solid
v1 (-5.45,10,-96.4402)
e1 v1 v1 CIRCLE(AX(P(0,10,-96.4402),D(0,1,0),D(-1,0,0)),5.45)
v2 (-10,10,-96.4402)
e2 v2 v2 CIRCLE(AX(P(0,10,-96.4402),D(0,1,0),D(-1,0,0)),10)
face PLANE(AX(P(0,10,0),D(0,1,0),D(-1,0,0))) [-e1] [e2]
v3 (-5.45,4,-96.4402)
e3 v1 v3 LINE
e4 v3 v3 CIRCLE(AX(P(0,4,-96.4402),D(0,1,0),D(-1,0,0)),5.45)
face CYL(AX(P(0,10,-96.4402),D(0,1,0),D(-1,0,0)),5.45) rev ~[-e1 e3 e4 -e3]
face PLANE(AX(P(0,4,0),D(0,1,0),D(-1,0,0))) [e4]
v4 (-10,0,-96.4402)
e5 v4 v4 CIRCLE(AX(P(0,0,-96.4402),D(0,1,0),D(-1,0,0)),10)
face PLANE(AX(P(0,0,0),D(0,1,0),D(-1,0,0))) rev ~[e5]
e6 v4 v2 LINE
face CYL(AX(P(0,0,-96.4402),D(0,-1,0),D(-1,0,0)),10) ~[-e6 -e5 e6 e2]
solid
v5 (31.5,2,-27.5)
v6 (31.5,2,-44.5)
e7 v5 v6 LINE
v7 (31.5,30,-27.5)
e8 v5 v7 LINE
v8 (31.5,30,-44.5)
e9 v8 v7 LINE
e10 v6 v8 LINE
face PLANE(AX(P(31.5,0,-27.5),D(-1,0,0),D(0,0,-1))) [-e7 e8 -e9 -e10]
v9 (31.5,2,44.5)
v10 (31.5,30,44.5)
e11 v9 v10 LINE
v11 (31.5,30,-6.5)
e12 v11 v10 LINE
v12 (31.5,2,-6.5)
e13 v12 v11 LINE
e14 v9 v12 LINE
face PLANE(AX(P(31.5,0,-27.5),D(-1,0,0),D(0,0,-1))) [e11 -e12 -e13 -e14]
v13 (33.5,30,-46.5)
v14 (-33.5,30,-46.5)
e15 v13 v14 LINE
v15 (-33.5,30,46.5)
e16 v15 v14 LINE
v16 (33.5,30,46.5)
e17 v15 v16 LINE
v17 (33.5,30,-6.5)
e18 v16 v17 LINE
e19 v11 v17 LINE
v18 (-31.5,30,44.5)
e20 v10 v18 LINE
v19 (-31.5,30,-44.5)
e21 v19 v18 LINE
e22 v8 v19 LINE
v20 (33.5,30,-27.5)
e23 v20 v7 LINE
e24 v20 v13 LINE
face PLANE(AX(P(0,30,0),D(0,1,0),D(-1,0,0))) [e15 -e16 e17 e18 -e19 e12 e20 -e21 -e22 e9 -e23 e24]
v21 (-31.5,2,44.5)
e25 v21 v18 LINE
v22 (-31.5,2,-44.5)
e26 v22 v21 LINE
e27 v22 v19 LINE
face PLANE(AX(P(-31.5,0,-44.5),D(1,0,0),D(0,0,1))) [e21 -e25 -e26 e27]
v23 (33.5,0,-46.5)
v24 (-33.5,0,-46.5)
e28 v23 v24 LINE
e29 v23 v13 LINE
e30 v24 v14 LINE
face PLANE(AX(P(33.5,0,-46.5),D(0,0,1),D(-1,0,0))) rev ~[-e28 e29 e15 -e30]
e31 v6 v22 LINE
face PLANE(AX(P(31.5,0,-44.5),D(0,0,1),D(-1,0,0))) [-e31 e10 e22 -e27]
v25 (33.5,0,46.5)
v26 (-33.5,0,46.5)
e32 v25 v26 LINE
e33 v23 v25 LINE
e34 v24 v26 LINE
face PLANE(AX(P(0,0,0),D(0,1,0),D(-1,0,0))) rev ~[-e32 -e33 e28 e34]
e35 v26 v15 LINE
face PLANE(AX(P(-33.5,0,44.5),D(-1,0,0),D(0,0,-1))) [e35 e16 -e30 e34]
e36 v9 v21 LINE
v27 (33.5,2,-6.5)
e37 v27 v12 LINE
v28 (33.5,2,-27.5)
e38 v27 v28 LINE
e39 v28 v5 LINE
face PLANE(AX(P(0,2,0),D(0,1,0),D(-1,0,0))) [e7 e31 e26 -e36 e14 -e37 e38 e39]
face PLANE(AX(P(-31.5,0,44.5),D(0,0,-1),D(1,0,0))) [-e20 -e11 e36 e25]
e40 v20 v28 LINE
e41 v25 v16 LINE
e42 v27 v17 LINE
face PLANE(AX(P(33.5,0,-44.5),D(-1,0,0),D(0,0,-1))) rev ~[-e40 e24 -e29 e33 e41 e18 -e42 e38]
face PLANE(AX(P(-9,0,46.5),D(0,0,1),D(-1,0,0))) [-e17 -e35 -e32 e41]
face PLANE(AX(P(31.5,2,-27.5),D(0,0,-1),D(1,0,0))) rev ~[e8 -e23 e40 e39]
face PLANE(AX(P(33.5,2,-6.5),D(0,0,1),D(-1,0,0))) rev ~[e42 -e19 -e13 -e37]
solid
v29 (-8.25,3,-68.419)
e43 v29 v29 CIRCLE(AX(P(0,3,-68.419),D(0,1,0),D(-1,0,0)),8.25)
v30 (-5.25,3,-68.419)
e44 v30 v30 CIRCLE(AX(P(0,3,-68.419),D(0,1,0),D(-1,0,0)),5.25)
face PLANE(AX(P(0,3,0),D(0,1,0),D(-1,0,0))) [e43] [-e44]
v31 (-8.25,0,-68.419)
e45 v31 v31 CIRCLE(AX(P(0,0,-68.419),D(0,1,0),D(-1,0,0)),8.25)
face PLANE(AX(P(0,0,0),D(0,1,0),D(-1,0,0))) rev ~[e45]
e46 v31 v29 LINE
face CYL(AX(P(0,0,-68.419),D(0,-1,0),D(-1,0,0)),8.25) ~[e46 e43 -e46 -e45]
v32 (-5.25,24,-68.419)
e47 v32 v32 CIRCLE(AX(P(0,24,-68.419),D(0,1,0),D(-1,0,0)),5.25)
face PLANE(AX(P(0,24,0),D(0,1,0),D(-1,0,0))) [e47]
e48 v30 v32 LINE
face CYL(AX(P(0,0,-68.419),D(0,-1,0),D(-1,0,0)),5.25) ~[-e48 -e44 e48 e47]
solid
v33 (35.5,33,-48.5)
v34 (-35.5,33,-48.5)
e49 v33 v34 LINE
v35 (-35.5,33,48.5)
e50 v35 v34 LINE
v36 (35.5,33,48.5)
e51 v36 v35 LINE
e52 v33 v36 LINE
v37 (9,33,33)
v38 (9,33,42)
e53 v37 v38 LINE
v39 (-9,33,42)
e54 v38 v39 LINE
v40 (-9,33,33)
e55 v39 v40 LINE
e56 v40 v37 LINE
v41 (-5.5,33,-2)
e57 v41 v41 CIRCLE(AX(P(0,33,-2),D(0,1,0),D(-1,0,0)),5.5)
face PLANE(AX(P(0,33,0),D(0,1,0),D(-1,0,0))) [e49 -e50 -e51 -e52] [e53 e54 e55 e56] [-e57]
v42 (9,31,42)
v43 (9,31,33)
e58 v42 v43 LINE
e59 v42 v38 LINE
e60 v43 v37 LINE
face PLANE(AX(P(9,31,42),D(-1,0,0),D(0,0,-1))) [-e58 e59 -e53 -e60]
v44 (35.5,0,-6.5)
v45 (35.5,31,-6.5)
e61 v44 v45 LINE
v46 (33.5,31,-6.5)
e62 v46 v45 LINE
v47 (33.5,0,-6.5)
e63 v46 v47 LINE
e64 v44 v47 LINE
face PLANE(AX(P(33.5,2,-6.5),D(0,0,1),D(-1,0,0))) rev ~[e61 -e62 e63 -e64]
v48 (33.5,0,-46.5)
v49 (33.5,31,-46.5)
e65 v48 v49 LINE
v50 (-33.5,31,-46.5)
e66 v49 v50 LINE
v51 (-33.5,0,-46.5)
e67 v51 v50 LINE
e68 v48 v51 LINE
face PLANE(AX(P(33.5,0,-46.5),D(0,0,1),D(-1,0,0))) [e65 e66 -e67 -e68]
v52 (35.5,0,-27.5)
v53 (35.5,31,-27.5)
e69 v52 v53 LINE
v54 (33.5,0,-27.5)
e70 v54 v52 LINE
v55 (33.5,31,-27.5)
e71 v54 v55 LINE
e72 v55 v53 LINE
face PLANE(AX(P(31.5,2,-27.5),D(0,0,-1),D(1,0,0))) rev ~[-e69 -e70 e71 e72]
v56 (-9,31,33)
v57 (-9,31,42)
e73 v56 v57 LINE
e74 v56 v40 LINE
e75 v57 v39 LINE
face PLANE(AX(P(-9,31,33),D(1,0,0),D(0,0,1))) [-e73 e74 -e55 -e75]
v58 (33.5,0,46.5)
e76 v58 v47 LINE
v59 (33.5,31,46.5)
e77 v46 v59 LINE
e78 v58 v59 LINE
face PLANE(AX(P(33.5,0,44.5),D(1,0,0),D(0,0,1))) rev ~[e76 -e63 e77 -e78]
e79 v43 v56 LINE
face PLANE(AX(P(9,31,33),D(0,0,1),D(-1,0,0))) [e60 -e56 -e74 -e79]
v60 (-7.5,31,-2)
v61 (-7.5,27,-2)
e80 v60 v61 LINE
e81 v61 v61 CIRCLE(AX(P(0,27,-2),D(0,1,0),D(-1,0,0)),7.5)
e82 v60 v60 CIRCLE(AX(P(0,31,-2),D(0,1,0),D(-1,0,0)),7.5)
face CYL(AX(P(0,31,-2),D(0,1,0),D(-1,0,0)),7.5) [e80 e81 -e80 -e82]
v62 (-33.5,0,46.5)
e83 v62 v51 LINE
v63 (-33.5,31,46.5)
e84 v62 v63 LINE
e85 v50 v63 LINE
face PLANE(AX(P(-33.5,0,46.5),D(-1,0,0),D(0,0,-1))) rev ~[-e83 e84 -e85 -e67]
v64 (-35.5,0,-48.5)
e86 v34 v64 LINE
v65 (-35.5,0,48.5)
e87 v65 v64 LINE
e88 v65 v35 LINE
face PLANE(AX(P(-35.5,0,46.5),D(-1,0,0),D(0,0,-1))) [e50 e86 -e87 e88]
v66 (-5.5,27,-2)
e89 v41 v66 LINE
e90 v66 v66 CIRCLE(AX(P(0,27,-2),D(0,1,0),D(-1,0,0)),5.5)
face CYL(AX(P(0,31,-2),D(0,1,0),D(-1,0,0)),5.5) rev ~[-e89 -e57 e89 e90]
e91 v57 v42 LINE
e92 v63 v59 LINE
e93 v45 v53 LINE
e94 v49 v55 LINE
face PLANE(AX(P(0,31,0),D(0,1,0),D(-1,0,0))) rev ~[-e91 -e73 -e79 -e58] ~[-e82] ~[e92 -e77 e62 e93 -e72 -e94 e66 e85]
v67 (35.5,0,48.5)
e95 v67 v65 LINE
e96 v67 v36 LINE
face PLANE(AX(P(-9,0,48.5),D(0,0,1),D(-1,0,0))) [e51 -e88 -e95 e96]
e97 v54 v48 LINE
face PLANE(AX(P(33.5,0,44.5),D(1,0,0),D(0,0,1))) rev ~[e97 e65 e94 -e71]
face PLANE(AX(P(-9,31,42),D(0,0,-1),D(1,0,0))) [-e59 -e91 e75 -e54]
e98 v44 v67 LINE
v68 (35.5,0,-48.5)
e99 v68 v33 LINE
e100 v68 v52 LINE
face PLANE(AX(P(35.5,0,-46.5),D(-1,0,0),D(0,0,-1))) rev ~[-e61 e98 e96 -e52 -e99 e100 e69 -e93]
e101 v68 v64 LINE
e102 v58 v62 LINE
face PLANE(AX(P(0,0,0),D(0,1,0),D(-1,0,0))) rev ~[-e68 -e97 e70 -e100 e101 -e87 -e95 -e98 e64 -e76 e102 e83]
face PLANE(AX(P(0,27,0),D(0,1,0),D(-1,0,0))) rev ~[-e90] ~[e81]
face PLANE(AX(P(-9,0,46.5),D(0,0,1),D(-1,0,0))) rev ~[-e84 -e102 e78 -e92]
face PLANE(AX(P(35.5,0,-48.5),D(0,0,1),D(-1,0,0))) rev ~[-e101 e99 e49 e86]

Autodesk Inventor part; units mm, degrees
ref_plane "YZ Plane" through (0, 0, 0) normal (1, 0, 0) x (0, 1, 0)
ref_plane "XZ Plane" through (0, 0, 0) normal (0, 1, 0) x (-1, 0, 0)
ref_plane "XY Plane" through (0, 0, 0) normal (0, 0, 1) x (1, 0, 0)
sketch "Bottom_sketch" plane through (0, 0, 0) normal (0, 1, 0) x (-1, 0, 0)
  line L0 (31.5, 44.5) -> (-31.5, 44.5)
  line L1 (-31.5, 44.5) -> (-31.5, -44.5)
  line L2 (-31.5, -44.5) -> (31.5, -44.5)
  line L3 (31.5, -44.5) -> (31.5, 44.5)
  line L4 (31.5, 44.5) -> (33.5, 44.5)
  line L5 (33.5, 44.5) -> (33.5, -44.5)
  line L6 (33.5, -44.5) -> (31.5, -44.5)
  line L7 (31.5, -44.5) -> (31.5, 44.5)
  line L8 (-31.5, 44.5) -> (-33.5, 44.5)
  line L9 (-33.5, 44.5) -> (-33.5, -44.5)
  line L10 (-33.5, -44.5) -> (-31.5, -44.5)
  line L11 (-31.5, -44.5) -> (-31.5, 44.5)
  line L12 (33.5, 44.5) -> (-33.5, 44.5)
  line L13 (-33.5, 44.5) -> (-33.5, 46.5)
  line L14 (-33.5, 46.5) -> (33.5, 46.5)
  line L15 (33.5, 46.5) -> (33.5, 44.5)
  line L16 (33.5, -44.5) -> (-33.5, -44.5)
  line L17 (-33.5, -44.5) -> (-33.5, -46.5)
  line L18 (-33.5, -46.5) -> (33.5, -46.5)
  line L19 (33.5, -46.5) -> (33.5, -44.5)
  line L20 (33.5, 46.5) -> (35.5, 46.5)
  line L21 (35.5, 46.5) -> (35.5, -46.5)
  line L22 (35.5, -46.5) -> (33.5, -46.5)
  line L23 (33.5, -46.5) -> (33.5, 46.5)
  line L24 (-33.5, 46.5) -> (-35.5, 46.5)
  line L25 (-35.5, 46.5) -> (-35.5, -46.5)
  line L26 (-35.5, -46.5) -> (-33.5, -46.5)
  line L27 (-33.5, -46.5) -> (-33.5, 46.5)
  line L28 (35.5, 46.5) -> (-35.5, 46.5)
  line L29 (-35.5, 46.5) -> (-35.5, 48.5)
  line L30 (-35.5, 48.5) -> (35.5, 48.5)
  line L31 (35.5, 48.5) -> (35.5, 46.5)
  line L32 (35.5, -46.5) -> (-35.5, -46.5)
  line L33 (-35.5, -46.5) -> (-35.5, -48.5)
  line L34 (-35.5, -48.5) -> (35.5, -48.5)
  line L35 (35.5, -48.5) -> (35.5, -46.5)
  line L36 (-31.5, -27.5) -> (-35.5, -27.5)
  line L37 (-35.5, -27.5) -> (-35.5, -6.5)
  line L38 (-35.5, -6.5) -> (-31.5, -6.5)
  line L39 (-31.5, -6.5) -> (-31.5, -27.5)
  line L40 (9, 48.5) -> (-9, 48.5)
  line L41 (-9, 48.5) -> (-9, 44.5)
  line L42 (-9, 44.5) -> (9, 44.5)
  line L43 (9, 44.5) -> (9, 48.5)
  circle A0 centre (0, -2) radius 5.5
  circle A1 centre (0, -2) radius 7.5
  line L44 (9, 42) -> (-9, 42)
  line L45 (-9, 42) -> (-9, 33)
  line L46 (-9, 33) -> (9, 33)
  line L47 (9, 33) -> (9, 42)
  circle A2 centre (0, -68.419) radius 5.25
  circle A3 centre (0, -68.419) radius 8.25
  circle A4 centre (0, -96.4402) radius 10
  circle A5 centre (0, -96.4402) radius 5.45
  point P0 (0, 0)
  point P1 (-33.5, -44.5)
  point P2 (-31.5, -6.5)
  point P3 (-33.5, -6.5)
  point P4 (-33.5, -27.5)
  point P5 (-31.5, -27.5)
  point P6 (-35.5, -27.5)
  point P7 (0, 46.5)
  point P8 (-9, 48.5)
  point P9 (-9, 44.5)
  point P10 (9, 46.5)
  point P11 (-9, 46.5)
  dimension "width" = 89
  dimension "height" = 63
  dimension "d6" = 31.5
  dimension "d7" = 44.5
  dimension "thickness" = 2
  dimension "d9" = 2
  dimension "d10" = 2
  dimension "d11" = 2
  dimension "d16" = 2
  dimension "d17" = 2
  dimension "d18" = 2
  dimension "d19" = 2
  dimension "lora_width" = 21
  dimension "d25" = 17
  dimension "d28" = 18
  dimension "d29" = 9
  dimension "d39" = 2
  dimension "d40" = 11
  dimension "d42" = 15
  dimension "d45" = 2.5
  dimension "d46" = 9
  dimension "d49" = 10.5
  dimension "d53" = 31.5
  dimension "d54" = 31.5
  dimension "d55" = 0
  dimension "d56" = 16.5
  dimension "d59" = 20
  dimension "d62" = 10.9
extrude "Bottom" add sketch "Bottom_sketch" along normal blind 2 contours L3 L2 L1 L0 | A0 | A1 | L47 L46 L45 L44
extrude "Side_Inside" add sketch "Bottom_sketch" along normal blind 30 contours L4 L5 L6 L3 | L0 L43 L14 L15 L4 | L0 L41 L14 L43 | L6 L19 L18 L17 L10 L2 | L0 L8 L13 L14 L41 | L10 L9 L36 L1 | L1 L38 L9 L8 | L36 L9 L38 L1
extrude "Side_Outside" add sketch "Bottom_sketch" along normal blind 31 separate body contours L15 L20 L21 L22 L19 L5 | L43 L30 L31 L20 L14 | L14 L41 L30 L43 | L14 L24 L29 L30 L41 | L17 L26 L25 L36 L9 | L22 L35 L34 L33 L26 L18 | L9 L38 L25 L24 L13 | L36 L25 L38 L9
extrude "Top" add sketch "Bottom_sketch" along normal blind 2 from surface at 31 contours L3 L2 L1 L0 | L4 L5 L6 L3 | L0 L43 L14 L15 L4 | L0 L41 L14 L43 | L6 L19 L18 L17 L10 L2 | L15 L20 L21 L22 L19 L5 | L0 L8 L13 L14 L41 | L43 L30 L31 L20 L14 | L14 L41 L30 L43 | L10 L9 L36 L1 | L1 L38 L9 L8 | L14 L24 L29 L30 L41 | L36 L9 L38 L1 | L17 L26 L25 L36 L9 | L22 L35 L34 L33 L26 L18 | L9 L38 L25 L24 L13 | L36 L25 L38 L9 | A0 | A1 | L47 L46 L45 L44 bodies 2
extrude "Lora_Hole" cut sketch "Bottom_sketch" along normal blind 29 from surface at 2 contours L36 L9 L38 L1 | L36 L25 L38 L9 bodies 1 2
extrude "TTL_Hole" [suppressed]
extrude "TTL_Outside" [suppressed]
extrude "Button_Hole" cut sketch "Bottom_sketch" against normal blind 6 from surface at 33 contours A0 bodies 1 2
extrude "Lora_Outside" cut sketch "Bottom_sketch" along normal blind 3 contours L36 L25 L38 L9 bodies 1 2
extrude "Button_slide" add sketch "Bottom_sketch" against normal blind 4 from surface at 31 contours A1 bodies 2
extrude "TTL_Hole_v2" cut sketch "Bottom_sketch" along normal blind 6 from surface at 31 contours L47 L46 L45 L44 bodies 2
extrude "Button_Piece" add sketch "Bottom_sketch" along normal blind 24 separate body contours A2
extrude "Button_Bottom" add sketch "Bottom_sketch" along normal blind 3 contours A3 bodies 3
extrude "Button_Mushroom" add sketch "Bottom_sketch" along normal blind 10 contours A4 | A5 bodies 3
extrude "Mushroom_Inside" cut sketch "Bottom_sketch" against normal blind 6 from surface at 10 contours A5 bodies 3
equation "\"d6\" = 0.5 * height"
equation "\"d7\" = 0.5 * width"
equation "\"d9\" = thickness"
equation "\"d10\" = thickness"
equation "\"d11\" = thickness"
equation "\"d16\" = thickness"
equation "\"d17\" = thickness"
equation "\"d18\" = thickness"
equation "\"d19\" = thickness"
equation "\"d29\" = 0.5 * d28"
equation "\"d42\" = d40 + 2 * thickness"
equation "\"d53\" = 0.5 * height"
equation "\"d54\" = d53"
equation "\"d12\" = thickness"
equation "\"d22\" = thickness"
equation "\"d30\" = depth - 1.5 * thickness"
equation "\"d35\" = 1.5 * thickness"
equation "\"d33\" = 3 * thickness"
equation "\"d37\" = 1.5 * thickness"
equation "\"d47\" = 3 * thickness"
equation "\"d50\" = 0.8 * depth"
equation "\"depth\" = 30"
properties part number "REceiver"
